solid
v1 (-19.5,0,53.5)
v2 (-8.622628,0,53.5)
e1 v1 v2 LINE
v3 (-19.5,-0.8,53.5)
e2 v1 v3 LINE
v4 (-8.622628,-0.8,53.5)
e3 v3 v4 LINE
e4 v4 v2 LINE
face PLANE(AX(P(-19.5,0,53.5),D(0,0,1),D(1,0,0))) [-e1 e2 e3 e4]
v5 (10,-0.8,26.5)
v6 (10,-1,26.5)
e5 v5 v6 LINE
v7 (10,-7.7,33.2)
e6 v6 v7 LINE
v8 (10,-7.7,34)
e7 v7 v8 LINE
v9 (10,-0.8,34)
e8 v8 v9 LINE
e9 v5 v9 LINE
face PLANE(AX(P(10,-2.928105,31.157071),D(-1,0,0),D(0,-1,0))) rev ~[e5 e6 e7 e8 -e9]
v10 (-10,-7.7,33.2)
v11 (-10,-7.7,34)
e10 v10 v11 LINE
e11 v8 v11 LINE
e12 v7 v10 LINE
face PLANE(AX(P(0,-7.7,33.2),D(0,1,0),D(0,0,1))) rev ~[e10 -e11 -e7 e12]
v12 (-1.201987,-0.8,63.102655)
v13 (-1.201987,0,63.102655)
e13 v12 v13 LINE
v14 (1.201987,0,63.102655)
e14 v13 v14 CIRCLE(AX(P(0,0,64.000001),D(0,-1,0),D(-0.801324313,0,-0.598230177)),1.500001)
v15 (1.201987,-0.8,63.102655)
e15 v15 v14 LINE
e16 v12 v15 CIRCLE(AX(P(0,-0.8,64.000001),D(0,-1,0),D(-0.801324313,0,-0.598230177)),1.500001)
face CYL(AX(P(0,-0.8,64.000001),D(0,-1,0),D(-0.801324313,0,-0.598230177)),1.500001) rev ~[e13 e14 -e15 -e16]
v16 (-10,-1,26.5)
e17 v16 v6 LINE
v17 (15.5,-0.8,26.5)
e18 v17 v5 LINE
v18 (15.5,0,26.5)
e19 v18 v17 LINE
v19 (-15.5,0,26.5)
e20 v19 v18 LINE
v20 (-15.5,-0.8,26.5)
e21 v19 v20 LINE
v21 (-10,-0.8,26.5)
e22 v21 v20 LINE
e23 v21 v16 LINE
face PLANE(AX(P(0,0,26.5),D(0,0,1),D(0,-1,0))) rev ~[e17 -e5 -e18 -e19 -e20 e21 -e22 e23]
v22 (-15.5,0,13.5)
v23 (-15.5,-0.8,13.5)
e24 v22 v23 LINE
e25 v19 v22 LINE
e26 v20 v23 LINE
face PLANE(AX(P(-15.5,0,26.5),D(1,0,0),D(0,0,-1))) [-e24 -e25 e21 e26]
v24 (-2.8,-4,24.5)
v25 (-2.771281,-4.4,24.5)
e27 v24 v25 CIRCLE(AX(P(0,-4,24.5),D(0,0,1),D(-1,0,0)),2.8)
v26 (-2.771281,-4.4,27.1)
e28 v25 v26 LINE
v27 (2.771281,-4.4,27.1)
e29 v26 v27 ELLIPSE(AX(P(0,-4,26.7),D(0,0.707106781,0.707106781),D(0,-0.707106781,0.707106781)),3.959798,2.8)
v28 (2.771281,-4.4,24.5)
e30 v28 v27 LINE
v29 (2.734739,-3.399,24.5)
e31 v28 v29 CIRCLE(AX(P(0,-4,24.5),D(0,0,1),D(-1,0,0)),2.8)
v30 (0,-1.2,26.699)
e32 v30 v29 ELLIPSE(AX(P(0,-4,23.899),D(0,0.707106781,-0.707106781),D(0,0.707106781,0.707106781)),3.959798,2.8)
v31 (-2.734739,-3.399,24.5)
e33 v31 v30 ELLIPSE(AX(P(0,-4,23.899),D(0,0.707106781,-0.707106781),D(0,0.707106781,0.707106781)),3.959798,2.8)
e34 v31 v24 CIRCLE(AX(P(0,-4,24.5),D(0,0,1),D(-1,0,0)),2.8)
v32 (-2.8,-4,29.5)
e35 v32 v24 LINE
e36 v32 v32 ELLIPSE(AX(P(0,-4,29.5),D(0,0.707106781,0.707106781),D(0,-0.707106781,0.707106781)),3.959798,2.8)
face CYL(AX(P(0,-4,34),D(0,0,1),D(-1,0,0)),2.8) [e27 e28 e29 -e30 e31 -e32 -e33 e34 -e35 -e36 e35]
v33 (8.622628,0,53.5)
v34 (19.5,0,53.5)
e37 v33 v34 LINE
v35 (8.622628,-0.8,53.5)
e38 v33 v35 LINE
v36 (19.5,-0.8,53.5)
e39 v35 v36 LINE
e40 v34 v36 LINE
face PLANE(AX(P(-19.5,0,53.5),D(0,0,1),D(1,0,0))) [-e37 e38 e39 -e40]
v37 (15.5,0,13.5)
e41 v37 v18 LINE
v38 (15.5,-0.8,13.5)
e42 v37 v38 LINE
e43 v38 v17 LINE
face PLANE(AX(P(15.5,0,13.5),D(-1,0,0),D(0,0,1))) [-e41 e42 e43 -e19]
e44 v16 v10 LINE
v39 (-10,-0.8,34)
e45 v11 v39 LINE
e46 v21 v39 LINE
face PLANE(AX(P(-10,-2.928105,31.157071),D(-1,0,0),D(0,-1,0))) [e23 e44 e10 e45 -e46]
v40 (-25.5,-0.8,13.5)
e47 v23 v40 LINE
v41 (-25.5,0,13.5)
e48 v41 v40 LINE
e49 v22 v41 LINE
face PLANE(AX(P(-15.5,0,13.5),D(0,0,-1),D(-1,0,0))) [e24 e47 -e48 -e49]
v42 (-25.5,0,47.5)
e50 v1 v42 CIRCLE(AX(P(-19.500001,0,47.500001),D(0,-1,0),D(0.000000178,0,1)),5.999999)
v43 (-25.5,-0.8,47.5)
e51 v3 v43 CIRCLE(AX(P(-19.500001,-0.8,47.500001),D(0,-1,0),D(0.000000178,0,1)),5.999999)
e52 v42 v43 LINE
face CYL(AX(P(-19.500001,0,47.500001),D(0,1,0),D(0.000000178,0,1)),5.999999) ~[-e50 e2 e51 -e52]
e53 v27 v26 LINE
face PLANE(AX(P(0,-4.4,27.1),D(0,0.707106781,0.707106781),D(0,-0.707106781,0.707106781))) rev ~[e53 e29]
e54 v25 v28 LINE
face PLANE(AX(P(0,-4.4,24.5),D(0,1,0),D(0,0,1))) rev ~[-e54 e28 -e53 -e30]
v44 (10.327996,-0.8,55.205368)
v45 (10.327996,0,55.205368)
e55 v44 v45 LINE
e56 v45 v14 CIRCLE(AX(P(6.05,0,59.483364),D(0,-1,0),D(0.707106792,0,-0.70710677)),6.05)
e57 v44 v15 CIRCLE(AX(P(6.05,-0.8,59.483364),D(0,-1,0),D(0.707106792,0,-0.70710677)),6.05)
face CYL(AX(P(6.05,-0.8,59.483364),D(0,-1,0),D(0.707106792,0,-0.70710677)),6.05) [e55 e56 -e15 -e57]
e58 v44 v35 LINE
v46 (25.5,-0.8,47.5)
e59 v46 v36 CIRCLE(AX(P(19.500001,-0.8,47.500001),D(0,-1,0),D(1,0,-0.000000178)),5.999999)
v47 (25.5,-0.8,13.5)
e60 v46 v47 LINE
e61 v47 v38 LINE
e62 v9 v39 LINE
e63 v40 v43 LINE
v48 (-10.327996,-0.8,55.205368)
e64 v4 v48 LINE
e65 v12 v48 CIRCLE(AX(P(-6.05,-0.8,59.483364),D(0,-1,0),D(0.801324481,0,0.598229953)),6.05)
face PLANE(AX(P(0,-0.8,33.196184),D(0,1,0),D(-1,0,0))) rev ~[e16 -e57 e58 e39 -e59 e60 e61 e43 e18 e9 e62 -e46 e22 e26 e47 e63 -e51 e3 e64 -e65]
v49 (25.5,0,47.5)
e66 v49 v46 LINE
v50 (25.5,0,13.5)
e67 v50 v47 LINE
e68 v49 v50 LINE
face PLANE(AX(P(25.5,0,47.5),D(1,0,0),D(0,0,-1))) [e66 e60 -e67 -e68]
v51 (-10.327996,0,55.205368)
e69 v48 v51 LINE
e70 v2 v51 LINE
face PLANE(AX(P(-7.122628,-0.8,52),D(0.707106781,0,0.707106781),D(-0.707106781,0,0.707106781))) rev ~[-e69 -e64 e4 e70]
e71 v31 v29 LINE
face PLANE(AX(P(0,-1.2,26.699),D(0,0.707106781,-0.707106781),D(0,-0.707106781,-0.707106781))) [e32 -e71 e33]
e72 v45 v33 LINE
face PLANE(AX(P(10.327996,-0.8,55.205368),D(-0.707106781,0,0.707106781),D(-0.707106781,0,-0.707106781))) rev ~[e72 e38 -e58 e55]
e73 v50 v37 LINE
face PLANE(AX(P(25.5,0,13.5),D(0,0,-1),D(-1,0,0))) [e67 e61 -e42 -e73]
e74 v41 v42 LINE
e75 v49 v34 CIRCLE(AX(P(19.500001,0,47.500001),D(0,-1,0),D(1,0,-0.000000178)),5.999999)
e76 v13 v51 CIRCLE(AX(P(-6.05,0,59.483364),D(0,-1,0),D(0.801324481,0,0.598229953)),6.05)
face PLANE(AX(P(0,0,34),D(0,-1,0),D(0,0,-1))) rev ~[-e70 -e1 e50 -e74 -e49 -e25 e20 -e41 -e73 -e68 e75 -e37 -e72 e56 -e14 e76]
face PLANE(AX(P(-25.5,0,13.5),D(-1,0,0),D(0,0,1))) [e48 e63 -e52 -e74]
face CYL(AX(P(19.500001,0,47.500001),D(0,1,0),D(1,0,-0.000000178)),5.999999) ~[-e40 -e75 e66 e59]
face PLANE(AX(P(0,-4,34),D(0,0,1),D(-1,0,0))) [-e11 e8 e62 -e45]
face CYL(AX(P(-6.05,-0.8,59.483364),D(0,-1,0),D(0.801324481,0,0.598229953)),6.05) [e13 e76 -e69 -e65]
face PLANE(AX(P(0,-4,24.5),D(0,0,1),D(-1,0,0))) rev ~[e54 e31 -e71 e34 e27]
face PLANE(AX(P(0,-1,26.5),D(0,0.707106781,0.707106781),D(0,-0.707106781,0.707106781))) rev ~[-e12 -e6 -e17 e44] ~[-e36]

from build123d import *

# Parameters (mm, degrees)
PAD_DEPTH       = 0.8
PAD001_DEPTH    = 10
SKETCH003_R     = 2.8
PAD002_DEPTH    = 9.5
POCKET001_DEPTH = 3
PAD003_DEPTH    = 0.8


with BuildPart() as part:
    # Sketch → Pad (new body)
    with BuildSketch(Plane.XZ):
        with BuildLine():
            Line((-25.5, 13.5), (-25.5, 47.5))
            ThreePointArc((-19.5, 53.5), (-23.742641, 51.742641), (-25.5, 47.5))
            Line((-19.5, 53.5), (19.5, 53.5))
            ThreePointArc((25.5, 47.5), (23.742641, 51.742641), (19.5, 53.5))
            Line((25.5, 47.5), (25.5, 13.5))
            Line((25.5, 13.5), (15.5, 13.5))
            Line((15.5, 13.5), (15.5, 26.5))
            Line((15.5, 26.5), (-15.5, 26.5))
            Line((-15.5, 26.5), (-15.5, 13.5))
            Line((-15.5, 13.5), (-25.5, 13.5))
        make_face()
    extrude(amount=PAD_DEPTH)

    # Sketch001 → Pad001 (join, symmetric)
    with BuildSketch(Plane.YZ):
        Polygon((-1, 26.5), (-7.7, 33.2), (-7.7, 34), (0, 34), (0, 26.5), align=None)
    extrude(amount=PAD001_DEPTH, both=True)

    # Sketch003 (on Face12 of Pad001) → Pad002 (join)
    with BuildSketch(Plane(origin=(0, 0, 34), x_dir=(-1, 0, 0), z_dir=(0, 0, 1))):
        with Locations((0, 4)):
            Circle(SKETCH003_R)
    extrude(amount=-PAD002_DEPTH)

    # Sketch004 → Pocket001 (cut, symmetric)
    with BuildSketch(Plane.YZ):
        Polygon((-1.2, 26.699), (-3.399, 24.5), (-1.2, 24.5), align=None)
        Polygon((-7.7, 30.4), (-7.7, 24.5), (-4.4, 24.5), (-4.4, 27.1), align=None)
    extrude(amount=POCKET001_DEPTH, both=True, mode=Mode.SUBTRACT)

    # Sketch005 (on Face5 of Pocket001) → Pad003 (join)
    with BuildSketch(Plane.XZ.offset(0.8)):
        with BuildLine():
            Line((-7.122628, 52), (-10.327996, 55.205368))
            ThreePointArc((-1.201987, 63.102655), (-10.008916, 64.058239), (-10.327996, 55.205368))
            ThreePointArc((-1.201987, 63.102655), (0, 62.5), (1.201987, 63.102655))
            ThreePointArc((10.327996, 55.205368), (10.008916, 64.058239), (1.201987, 63.102655))
            Line((10.327996, 55.205368), (7.122628, 52))
            Line((7.122628, 52), (-7.122628, 52))
        make_face()
    extrude(amount=-PAD003_DEPTH)


solid = part.part
